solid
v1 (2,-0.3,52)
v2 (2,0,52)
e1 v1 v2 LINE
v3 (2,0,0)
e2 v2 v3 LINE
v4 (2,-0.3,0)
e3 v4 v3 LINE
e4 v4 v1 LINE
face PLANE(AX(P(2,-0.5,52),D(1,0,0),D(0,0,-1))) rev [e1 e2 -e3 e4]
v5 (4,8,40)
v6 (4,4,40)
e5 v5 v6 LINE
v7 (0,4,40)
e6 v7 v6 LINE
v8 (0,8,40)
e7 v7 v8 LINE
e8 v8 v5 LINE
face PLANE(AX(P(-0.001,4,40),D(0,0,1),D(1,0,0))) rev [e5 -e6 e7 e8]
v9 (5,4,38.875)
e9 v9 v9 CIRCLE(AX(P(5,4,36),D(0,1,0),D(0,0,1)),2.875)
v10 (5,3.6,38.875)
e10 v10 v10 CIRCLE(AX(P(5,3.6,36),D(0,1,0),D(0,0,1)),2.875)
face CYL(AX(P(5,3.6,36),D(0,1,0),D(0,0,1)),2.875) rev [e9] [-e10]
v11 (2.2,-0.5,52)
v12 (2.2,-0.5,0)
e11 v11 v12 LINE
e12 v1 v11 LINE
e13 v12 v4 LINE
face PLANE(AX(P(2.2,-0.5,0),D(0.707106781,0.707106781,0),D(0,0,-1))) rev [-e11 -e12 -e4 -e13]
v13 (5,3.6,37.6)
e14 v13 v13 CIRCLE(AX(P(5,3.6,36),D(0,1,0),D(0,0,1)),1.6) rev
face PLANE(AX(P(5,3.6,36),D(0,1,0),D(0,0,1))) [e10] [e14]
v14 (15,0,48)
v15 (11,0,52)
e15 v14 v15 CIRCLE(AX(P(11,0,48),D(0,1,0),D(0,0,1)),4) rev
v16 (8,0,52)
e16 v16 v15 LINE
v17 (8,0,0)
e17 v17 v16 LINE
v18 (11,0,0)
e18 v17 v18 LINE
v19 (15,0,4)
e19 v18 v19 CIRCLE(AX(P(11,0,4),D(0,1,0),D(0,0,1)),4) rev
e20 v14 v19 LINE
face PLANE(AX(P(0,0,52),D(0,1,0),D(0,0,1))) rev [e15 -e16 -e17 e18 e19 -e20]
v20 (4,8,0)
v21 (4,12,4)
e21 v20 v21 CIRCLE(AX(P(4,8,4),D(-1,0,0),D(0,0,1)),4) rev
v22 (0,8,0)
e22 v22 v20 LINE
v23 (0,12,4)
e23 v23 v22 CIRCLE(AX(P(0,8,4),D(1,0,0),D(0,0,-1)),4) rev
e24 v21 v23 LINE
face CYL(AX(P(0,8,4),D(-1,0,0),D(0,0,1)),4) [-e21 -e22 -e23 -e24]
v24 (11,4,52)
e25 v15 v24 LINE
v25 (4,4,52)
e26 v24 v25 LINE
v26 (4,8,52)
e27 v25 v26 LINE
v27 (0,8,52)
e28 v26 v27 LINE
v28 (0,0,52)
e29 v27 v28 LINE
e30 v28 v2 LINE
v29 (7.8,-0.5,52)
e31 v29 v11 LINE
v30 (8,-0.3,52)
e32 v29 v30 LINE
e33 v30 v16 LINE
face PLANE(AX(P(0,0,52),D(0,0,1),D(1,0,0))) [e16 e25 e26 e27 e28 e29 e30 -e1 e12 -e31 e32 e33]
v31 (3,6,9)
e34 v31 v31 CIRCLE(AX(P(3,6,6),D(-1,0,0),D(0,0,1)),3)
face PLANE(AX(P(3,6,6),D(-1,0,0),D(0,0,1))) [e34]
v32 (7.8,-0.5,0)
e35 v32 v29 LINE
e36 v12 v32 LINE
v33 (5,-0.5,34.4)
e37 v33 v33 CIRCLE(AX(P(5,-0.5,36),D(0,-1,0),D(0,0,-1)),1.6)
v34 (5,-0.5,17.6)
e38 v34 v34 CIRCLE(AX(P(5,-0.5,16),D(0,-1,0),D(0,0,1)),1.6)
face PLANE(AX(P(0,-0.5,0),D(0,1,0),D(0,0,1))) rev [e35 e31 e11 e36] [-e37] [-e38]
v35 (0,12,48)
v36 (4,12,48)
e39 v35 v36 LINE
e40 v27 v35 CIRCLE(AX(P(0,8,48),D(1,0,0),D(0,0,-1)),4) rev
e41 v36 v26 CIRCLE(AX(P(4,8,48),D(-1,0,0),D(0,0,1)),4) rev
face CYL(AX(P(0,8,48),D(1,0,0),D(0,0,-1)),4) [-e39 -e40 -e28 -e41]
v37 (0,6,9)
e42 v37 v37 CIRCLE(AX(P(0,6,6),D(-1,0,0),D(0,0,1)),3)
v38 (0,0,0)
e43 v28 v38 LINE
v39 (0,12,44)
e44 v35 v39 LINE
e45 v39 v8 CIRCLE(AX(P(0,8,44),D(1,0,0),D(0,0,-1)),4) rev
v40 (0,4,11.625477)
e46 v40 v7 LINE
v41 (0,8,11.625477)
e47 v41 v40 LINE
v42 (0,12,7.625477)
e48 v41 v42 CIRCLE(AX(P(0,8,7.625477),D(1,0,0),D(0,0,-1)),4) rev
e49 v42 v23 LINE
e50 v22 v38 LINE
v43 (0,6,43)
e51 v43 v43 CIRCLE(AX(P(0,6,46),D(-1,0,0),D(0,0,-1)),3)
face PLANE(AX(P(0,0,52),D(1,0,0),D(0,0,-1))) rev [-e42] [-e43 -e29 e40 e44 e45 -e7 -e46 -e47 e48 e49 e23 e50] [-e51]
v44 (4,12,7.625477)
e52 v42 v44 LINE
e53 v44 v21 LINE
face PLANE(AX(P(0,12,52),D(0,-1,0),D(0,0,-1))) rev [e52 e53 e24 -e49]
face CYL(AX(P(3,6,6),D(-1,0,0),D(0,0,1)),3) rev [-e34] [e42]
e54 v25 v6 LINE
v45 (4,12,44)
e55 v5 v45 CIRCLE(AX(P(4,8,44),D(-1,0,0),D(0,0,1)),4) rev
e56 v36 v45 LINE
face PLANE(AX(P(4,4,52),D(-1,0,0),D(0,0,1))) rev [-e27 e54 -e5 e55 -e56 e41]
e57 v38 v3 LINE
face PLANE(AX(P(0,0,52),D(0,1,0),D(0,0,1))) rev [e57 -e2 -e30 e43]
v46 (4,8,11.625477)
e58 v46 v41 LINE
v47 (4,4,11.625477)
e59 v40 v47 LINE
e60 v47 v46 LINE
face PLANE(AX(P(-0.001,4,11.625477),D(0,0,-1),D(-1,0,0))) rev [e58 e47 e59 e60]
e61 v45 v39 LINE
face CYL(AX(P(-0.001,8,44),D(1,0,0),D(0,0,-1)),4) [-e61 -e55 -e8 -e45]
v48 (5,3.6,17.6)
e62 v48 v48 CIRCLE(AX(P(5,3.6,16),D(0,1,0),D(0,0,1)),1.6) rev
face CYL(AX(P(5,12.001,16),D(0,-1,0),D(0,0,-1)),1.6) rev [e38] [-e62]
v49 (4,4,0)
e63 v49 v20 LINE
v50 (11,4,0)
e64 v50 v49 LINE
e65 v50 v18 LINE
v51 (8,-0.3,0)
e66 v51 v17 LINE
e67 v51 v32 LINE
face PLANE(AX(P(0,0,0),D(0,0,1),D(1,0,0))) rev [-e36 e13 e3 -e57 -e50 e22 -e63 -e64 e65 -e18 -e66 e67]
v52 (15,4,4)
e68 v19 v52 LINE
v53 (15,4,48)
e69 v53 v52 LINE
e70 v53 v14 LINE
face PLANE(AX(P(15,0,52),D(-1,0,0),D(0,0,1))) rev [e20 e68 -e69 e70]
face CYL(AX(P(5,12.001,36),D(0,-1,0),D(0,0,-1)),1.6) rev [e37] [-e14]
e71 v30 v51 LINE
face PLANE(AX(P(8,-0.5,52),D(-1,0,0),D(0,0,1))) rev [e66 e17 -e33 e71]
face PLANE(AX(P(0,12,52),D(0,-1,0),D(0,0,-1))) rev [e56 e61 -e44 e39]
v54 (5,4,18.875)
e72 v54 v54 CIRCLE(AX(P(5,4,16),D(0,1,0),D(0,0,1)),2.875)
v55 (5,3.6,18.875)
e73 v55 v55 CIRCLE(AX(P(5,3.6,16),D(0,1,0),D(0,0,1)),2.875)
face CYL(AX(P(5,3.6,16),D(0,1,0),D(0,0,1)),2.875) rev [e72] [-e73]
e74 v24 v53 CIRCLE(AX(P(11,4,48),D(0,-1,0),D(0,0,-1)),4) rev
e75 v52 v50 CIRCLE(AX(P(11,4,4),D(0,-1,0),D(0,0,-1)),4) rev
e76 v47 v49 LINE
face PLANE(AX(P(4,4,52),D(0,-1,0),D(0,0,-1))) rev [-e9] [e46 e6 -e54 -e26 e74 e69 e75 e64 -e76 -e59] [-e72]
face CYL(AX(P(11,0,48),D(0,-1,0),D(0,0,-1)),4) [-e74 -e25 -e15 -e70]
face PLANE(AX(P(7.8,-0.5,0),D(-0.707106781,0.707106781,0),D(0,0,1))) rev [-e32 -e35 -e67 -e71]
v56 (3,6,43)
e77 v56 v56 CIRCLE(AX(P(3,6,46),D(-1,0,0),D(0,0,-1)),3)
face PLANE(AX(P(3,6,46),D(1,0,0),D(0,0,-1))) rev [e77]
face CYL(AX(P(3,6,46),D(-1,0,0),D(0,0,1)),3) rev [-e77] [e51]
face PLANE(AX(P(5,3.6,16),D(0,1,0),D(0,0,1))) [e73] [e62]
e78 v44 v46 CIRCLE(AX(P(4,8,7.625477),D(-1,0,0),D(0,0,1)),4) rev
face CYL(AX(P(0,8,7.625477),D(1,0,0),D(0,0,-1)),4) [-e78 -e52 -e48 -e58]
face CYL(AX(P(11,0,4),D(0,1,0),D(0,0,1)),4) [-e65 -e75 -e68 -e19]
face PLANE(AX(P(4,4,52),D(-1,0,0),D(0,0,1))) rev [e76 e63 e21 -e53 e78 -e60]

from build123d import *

# Parameters (mm, degrees)
BOSS_EXTRUDE1_DEPTH    = 52
SKETCH5_W              = 6
SKETCH5_H              = 52
BOSS_BOTTOMALIGN_DEPTH = 0.5
FILLET1_SIZE           = 0.2
CUT_BOTTOMHOLE_REACH   = 57.545
SKETCH3_R              = 1.6
SKETCH7_R              = 2.875
CUT_EXTRUDE6_DEPTH     = 0.4
SKETCH6_R              = 3
CUT_MAGNET_DEPTH       = 3
CUT_EXTRUDE7_REACH     = 56.489
SKETCH8_W              = 28.374522614
SKETCH8_H              = 8
FILLET2_R              = 4
FILLET3_R              = 4


with BuildPart() as part:
    # Sketch1 → Boss-Extrude1 (new body)
    with BuildSketch(Plane.XY):
        Polygon((0, 0), (0, 12), (4, 12), (4, 4), (15, 4), (15, 0), align=None)
    extrude(amount=BOSS_EXTRUDE1_DEPTH)

    # Sketch5 → Boss-BottomAlign (add)
    with BuildSketch(Plane.XZ):
        with Locations((5, 26)):
            Rectangle(SKETCH5_W, SKETCH5_H)
    extrude(amount=BOSS_BOTTOMALIGN_DEPTH)

    # Fillet1
    fillet1_edges = [part.edges().sort_by_distance(p)[0] for p in [
        (8, -0.5, 26),
        (2, -0.5, 26),
    ]]
    chamfer(fillet1_edges, length=FILLET1_SIZE)

    # Sketch3 → Cut-BottomHole (cut, up to next)
    with BuildSketch(Plane.XZ.offset(0.5), mode=Mode.PRIVATE) as cut_bottomhole_sk1:
        with Locations(Location((5, 36, 0), (0, 0, 270))):
            Circle(SKETCH3_R)
    cut_bottomhole_tool1 = extrude(cut_bottomhole_sk1.sketch, amount=-CUT_BOTTOMHOLE_REACH, mode=Mode.PRIVATE) & part.part
    # Sketch3 → Cut-BottomHole (cut, up to next)
    with BuildSketch(Plane.XZ.offset(0.5), mode=Mode.PRIVATE) as cut_bottomhole_sk2:
        with Locations(Location((5, 16, 0), (0, 0, 231.317812547))):
            Circle(SKETCH3_R)
    cut_bottomhole_tool2 = extrude(cut_bottomhole_sk2.sketch, amount=-CUT_BOTTOMHOLE_REACH, mode=Mode.PRIVATE) & part.part
    add(cut_bottomhole_tool1.solids().sort_by_distance((5, -0.5, 36))[0], mode=Mode.SUBTRACT)
    add(cut_bottomhole_tool2.solids().sort_by_distance((5, -0.5, 16))[0], mode=Mode.SUBTRACT)

    # Sketch7 → Cut-Extrude6 (cut)
    with BuildSketch(Plane(origin=(0, 4, 0), x_dir=(1, 0, 0), z_dir=(0, 1, 0))):
        with Locations(Location((5, -36, 0), (0, 0, 270))):
            Circle(SKETCH7_R)
        with Locations(Location((5, -16, 0), (0, 0, 270))):
            Circle(SKETCH7_R)
    extrude(amount=-CUT_EXTRUDE6_DEPTH, mode=Mode.SUBTRACT)

    # Sketch6 → Cut-Magnet (cut)
    with BuildSketch(Plane.ZY):
        with Locations((6, 6)):
            Circle(SKETCH6_R)
        with Locations(Location((46, 6, 0), (0, 0, 180))):
            Circle(SKETCH6_R)
    extrude(amount=-CUT_MAGNET_DEPTH, mode=Mode.SUBTRACT)

    # Sketch8 → Cut-Extrude7 (cut, up to next)
    with BuildSketch(Plane(origin=(4, 0, 0), x_dir=(0, 0, -1), z_dir=(1, 0, 0)), mode=Mode.PRIVATE) as cut_extrude7_sk1:
        with Locations((-25.812738693, 8)):
            Rectangle(SKETCH8_W, SKETCH8_H)
    cut_extrude7_tool1 = extrude(cut_extrude7_sk1.sketch, amount=-CUT_EXTRUDE7_REACH, mode=Mode.PRIVATE) & part.part
    add(cut_extrude7_tool1.solids().sort_by_distance((4, 8, 25.812739))[0], mode=Mode.SUBTRACT)

    # Fillet2
    fillet2_edges = [part.edges().sort_by_distance(p)[0] for p in [
        (2, 12, 11.625477386),
        (2, 12, 40),
        (2, 12, 52),
        (2, 12, 0),
    ]]
    fillet(fillet2_edges, radius=FILLET2_R)

    # Fillet3
    fillet3_edges = [part.edges().sort_by_distance(p)[0] for p in [
        (15, 2, 0),
        (15, 2, 52),
    ]]
    fillet(fillet3_edges, radius=FILLET3_R)


solid = part.part
